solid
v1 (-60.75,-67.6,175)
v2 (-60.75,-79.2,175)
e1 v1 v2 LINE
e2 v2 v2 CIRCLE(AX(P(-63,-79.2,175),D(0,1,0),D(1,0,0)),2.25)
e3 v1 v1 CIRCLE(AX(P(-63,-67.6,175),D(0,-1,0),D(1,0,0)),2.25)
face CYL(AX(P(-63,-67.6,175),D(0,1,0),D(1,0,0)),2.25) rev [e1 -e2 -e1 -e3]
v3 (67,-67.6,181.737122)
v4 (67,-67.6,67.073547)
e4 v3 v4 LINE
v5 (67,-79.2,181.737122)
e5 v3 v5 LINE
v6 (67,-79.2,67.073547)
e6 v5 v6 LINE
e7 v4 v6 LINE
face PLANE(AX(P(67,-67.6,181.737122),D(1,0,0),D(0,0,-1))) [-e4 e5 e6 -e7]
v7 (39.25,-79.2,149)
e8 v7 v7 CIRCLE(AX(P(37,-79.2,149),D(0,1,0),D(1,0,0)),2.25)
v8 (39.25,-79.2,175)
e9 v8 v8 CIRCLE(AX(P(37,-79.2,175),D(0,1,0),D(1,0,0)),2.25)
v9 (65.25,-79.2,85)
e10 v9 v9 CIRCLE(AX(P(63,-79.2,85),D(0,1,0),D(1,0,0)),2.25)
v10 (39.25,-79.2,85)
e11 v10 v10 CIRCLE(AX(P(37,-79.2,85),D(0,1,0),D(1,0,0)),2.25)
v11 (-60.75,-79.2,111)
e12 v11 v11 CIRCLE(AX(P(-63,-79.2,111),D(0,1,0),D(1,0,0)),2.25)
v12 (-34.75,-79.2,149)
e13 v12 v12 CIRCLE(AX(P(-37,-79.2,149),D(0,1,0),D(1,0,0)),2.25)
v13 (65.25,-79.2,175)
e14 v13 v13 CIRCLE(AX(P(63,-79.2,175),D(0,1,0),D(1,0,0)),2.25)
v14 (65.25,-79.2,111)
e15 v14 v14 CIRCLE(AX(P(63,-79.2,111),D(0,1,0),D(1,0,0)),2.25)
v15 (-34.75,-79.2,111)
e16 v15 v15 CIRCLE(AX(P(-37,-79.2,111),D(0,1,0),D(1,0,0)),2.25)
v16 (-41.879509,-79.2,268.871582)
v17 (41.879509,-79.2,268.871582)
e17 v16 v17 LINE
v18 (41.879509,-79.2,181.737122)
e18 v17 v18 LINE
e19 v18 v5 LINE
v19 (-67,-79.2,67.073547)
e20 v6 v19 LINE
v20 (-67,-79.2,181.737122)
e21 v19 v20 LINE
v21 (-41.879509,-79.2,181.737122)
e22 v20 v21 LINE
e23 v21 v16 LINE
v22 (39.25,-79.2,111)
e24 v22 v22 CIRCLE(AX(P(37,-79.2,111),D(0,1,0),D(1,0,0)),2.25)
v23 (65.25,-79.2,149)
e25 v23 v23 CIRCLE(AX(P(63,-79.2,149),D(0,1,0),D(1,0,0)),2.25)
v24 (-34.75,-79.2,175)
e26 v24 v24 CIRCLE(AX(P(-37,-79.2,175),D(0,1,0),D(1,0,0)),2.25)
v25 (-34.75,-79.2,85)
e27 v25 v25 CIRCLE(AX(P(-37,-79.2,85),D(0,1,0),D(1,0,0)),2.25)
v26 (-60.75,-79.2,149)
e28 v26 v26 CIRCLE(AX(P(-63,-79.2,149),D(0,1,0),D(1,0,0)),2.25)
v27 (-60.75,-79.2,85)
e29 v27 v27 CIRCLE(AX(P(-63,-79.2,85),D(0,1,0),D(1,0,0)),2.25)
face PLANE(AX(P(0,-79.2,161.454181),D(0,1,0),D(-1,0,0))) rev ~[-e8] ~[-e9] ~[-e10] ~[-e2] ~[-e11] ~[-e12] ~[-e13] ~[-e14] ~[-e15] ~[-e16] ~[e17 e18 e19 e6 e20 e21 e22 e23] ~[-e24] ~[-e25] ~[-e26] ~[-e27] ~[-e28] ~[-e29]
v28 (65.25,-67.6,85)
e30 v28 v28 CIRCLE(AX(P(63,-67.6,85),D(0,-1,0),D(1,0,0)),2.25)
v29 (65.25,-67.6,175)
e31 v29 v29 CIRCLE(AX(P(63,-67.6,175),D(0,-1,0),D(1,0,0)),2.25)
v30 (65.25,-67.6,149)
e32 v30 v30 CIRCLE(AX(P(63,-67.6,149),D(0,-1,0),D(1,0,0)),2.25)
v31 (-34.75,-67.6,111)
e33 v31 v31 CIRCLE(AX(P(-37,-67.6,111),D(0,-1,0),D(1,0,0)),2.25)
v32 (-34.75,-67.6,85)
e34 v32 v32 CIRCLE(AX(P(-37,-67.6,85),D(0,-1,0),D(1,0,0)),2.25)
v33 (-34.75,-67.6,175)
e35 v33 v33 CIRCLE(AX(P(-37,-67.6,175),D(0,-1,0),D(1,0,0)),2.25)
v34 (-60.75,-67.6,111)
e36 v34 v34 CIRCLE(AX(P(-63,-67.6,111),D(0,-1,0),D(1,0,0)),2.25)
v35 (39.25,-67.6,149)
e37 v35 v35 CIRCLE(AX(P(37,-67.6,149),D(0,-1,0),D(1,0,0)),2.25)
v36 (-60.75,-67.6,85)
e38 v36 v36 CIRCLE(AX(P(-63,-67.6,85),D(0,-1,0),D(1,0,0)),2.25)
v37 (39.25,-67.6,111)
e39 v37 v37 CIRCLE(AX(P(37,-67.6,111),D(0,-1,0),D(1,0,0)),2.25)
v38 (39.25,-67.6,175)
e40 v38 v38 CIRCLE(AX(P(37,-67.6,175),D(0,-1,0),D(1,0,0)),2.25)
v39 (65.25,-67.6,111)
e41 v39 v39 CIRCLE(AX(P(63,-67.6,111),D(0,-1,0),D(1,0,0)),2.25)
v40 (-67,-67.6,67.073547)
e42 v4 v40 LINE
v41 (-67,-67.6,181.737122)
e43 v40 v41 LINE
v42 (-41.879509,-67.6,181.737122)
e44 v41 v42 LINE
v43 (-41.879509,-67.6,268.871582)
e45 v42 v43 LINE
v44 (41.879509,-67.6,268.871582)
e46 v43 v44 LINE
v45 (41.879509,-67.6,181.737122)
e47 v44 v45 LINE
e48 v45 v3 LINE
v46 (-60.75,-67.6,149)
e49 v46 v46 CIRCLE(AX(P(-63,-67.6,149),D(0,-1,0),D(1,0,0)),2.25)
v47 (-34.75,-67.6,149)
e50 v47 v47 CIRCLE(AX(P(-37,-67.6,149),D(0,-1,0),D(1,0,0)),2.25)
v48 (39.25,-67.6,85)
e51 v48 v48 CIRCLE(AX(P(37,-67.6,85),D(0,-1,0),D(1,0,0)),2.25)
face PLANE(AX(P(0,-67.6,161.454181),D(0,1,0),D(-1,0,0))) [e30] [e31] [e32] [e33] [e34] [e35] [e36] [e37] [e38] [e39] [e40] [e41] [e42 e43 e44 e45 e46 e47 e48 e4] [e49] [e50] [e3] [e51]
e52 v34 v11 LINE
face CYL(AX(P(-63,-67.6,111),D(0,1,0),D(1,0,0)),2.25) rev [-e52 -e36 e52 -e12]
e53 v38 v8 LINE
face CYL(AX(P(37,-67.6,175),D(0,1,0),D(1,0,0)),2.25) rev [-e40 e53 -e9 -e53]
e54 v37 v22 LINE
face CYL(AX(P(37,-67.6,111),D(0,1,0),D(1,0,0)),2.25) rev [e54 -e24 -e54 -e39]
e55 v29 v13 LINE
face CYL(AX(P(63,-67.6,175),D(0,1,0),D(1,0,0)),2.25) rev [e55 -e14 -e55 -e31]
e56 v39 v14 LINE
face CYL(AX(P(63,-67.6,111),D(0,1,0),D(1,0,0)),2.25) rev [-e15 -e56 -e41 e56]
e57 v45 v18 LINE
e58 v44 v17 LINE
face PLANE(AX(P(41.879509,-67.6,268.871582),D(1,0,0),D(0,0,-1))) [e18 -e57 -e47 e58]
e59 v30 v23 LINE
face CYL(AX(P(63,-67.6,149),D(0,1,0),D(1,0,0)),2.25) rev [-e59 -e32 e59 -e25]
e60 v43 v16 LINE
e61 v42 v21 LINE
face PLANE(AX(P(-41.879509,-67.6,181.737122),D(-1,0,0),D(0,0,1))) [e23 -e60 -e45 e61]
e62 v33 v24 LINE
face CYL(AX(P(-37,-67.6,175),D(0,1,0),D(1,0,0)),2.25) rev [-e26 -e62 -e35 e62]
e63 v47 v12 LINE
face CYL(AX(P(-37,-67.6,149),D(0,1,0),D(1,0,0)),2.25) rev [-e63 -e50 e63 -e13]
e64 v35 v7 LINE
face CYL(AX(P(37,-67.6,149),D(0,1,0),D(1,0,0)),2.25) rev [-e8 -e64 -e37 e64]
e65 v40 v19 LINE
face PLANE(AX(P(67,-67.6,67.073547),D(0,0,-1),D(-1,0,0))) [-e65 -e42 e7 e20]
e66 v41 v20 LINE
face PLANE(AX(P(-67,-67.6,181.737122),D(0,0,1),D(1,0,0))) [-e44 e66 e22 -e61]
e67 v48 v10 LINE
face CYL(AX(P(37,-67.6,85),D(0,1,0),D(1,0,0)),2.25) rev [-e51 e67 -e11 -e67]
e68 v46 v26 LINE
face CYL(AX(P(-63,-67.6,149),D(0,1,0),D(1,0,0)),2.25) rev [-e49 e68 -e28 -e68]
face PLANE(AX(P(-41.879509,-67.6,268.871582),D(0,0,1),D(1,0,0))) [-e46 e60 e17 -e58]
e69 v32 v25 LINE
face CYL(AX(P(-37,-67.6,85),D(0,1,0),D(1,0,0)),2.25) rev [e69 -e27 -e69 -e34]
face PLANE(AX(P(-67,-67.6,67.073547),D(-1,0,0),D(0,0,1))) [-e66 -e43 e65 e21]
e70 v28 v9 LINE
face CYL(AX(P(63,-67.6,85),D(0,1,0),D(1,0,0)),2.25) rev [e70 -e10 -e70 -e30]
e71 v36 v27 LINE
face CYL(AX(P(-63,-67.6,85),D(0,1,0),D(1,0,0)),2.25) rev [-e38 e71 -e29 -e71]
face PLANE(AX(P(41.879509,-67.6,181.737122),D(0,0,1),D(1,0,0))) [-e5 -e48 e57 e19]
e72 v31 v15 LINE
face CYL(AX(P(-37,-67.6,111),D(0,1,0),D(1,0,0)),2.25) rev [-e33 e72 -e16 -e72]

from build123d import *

# Parameters (mm, degrees)
PAD021_DEPTH                    = 11.6
SKETCH027_R                     = 2.25
POCKET001_DEPTH                 = 496.628863
SKETCH027_LINEARPATTERN_2_R     = 2.25
POCKET001_LINEARPATTERN_2_DEPTH = 496.628863
LINEARPATTERN001_COUNT          = 2
LINEARPATTERN001_PITCH          = 64


with BuildPart() as part:
    # Sketch024 → Pad021 (new body)
    with BuildSketch(Plane.XZ):
        Polygon((67, 51.737122), (67, -62.926453), (-67, -62.926453), (-67, 51.737122), (-41.879509, 51.737122), (-41.879509, 138.871582), (41.879509, 138.871582), (41.879509, 51.737122), align=None)
    extrude(amount=PAD021_DEPTH)

    # Sketch027 → Pocket001 (cut, through all)
    with BuildSketch(Plane.XZ):
        with Locations((-63, -19)):
            Circle(SKETCH027_R)
        with Locations((-37, -19)):
            Circle(SKETCH027_R)
        with Locations((-37, -45)):
            Circle(SKETCH027_R)
        with Locations((-63, -45)):
            Circle(SKETCH027_R)
    pocket001 = extrude(amount=POCKET001_DEPTH, mode=Mode.SUBTRACT)

    # Sketch027 LinearPattern 2 → Pocket001 LinearPattern 2 (cut, through all)
    with BuildSketch(Plane(origin=(100, 0, 0), x_dir=(1, 0, 0), z_dir=(0, -1, 0))):
        with Locations((-63, -19)):
            Circle(SKETCH027_LINEARPATTERN_2_R)
        with Locations((-37, -19)):
            Circle(SKETCH027_LINEARPATTERN_2_R)
        with Locations((-37, -45)):
            Circle(SKETCH027_LINEARPATTERN_2_R)
        with Locations((-63, -45)):
            Circle(SKETCH027_LINEARPATTERN_2_R)
    pocket001_linearpattern_2 = extrude(amount=POCKET001_LINEARPATTERN_2_DEPTH, mode=Mode.SUBTRACT)

    # LinearPattern001: Pocket001, Pocket001 LinearPattern 2 ×2
    with Locations(*[(0, 0, i * LINEARPATTERN001_PITCH) for i in range(1, LINEARPATTERN001_COUNT)]):
        add(pocket001, mode=Mode.SUBTRACT)
        add(pocket001_linearpattern_2, mode=Mode.SUBTRACT)


with BuildPart() as part_1:
    # Body019 placement: moved
    add(part.part.moved(Location((0, -67.6, 130))))


solid = part_1.part
